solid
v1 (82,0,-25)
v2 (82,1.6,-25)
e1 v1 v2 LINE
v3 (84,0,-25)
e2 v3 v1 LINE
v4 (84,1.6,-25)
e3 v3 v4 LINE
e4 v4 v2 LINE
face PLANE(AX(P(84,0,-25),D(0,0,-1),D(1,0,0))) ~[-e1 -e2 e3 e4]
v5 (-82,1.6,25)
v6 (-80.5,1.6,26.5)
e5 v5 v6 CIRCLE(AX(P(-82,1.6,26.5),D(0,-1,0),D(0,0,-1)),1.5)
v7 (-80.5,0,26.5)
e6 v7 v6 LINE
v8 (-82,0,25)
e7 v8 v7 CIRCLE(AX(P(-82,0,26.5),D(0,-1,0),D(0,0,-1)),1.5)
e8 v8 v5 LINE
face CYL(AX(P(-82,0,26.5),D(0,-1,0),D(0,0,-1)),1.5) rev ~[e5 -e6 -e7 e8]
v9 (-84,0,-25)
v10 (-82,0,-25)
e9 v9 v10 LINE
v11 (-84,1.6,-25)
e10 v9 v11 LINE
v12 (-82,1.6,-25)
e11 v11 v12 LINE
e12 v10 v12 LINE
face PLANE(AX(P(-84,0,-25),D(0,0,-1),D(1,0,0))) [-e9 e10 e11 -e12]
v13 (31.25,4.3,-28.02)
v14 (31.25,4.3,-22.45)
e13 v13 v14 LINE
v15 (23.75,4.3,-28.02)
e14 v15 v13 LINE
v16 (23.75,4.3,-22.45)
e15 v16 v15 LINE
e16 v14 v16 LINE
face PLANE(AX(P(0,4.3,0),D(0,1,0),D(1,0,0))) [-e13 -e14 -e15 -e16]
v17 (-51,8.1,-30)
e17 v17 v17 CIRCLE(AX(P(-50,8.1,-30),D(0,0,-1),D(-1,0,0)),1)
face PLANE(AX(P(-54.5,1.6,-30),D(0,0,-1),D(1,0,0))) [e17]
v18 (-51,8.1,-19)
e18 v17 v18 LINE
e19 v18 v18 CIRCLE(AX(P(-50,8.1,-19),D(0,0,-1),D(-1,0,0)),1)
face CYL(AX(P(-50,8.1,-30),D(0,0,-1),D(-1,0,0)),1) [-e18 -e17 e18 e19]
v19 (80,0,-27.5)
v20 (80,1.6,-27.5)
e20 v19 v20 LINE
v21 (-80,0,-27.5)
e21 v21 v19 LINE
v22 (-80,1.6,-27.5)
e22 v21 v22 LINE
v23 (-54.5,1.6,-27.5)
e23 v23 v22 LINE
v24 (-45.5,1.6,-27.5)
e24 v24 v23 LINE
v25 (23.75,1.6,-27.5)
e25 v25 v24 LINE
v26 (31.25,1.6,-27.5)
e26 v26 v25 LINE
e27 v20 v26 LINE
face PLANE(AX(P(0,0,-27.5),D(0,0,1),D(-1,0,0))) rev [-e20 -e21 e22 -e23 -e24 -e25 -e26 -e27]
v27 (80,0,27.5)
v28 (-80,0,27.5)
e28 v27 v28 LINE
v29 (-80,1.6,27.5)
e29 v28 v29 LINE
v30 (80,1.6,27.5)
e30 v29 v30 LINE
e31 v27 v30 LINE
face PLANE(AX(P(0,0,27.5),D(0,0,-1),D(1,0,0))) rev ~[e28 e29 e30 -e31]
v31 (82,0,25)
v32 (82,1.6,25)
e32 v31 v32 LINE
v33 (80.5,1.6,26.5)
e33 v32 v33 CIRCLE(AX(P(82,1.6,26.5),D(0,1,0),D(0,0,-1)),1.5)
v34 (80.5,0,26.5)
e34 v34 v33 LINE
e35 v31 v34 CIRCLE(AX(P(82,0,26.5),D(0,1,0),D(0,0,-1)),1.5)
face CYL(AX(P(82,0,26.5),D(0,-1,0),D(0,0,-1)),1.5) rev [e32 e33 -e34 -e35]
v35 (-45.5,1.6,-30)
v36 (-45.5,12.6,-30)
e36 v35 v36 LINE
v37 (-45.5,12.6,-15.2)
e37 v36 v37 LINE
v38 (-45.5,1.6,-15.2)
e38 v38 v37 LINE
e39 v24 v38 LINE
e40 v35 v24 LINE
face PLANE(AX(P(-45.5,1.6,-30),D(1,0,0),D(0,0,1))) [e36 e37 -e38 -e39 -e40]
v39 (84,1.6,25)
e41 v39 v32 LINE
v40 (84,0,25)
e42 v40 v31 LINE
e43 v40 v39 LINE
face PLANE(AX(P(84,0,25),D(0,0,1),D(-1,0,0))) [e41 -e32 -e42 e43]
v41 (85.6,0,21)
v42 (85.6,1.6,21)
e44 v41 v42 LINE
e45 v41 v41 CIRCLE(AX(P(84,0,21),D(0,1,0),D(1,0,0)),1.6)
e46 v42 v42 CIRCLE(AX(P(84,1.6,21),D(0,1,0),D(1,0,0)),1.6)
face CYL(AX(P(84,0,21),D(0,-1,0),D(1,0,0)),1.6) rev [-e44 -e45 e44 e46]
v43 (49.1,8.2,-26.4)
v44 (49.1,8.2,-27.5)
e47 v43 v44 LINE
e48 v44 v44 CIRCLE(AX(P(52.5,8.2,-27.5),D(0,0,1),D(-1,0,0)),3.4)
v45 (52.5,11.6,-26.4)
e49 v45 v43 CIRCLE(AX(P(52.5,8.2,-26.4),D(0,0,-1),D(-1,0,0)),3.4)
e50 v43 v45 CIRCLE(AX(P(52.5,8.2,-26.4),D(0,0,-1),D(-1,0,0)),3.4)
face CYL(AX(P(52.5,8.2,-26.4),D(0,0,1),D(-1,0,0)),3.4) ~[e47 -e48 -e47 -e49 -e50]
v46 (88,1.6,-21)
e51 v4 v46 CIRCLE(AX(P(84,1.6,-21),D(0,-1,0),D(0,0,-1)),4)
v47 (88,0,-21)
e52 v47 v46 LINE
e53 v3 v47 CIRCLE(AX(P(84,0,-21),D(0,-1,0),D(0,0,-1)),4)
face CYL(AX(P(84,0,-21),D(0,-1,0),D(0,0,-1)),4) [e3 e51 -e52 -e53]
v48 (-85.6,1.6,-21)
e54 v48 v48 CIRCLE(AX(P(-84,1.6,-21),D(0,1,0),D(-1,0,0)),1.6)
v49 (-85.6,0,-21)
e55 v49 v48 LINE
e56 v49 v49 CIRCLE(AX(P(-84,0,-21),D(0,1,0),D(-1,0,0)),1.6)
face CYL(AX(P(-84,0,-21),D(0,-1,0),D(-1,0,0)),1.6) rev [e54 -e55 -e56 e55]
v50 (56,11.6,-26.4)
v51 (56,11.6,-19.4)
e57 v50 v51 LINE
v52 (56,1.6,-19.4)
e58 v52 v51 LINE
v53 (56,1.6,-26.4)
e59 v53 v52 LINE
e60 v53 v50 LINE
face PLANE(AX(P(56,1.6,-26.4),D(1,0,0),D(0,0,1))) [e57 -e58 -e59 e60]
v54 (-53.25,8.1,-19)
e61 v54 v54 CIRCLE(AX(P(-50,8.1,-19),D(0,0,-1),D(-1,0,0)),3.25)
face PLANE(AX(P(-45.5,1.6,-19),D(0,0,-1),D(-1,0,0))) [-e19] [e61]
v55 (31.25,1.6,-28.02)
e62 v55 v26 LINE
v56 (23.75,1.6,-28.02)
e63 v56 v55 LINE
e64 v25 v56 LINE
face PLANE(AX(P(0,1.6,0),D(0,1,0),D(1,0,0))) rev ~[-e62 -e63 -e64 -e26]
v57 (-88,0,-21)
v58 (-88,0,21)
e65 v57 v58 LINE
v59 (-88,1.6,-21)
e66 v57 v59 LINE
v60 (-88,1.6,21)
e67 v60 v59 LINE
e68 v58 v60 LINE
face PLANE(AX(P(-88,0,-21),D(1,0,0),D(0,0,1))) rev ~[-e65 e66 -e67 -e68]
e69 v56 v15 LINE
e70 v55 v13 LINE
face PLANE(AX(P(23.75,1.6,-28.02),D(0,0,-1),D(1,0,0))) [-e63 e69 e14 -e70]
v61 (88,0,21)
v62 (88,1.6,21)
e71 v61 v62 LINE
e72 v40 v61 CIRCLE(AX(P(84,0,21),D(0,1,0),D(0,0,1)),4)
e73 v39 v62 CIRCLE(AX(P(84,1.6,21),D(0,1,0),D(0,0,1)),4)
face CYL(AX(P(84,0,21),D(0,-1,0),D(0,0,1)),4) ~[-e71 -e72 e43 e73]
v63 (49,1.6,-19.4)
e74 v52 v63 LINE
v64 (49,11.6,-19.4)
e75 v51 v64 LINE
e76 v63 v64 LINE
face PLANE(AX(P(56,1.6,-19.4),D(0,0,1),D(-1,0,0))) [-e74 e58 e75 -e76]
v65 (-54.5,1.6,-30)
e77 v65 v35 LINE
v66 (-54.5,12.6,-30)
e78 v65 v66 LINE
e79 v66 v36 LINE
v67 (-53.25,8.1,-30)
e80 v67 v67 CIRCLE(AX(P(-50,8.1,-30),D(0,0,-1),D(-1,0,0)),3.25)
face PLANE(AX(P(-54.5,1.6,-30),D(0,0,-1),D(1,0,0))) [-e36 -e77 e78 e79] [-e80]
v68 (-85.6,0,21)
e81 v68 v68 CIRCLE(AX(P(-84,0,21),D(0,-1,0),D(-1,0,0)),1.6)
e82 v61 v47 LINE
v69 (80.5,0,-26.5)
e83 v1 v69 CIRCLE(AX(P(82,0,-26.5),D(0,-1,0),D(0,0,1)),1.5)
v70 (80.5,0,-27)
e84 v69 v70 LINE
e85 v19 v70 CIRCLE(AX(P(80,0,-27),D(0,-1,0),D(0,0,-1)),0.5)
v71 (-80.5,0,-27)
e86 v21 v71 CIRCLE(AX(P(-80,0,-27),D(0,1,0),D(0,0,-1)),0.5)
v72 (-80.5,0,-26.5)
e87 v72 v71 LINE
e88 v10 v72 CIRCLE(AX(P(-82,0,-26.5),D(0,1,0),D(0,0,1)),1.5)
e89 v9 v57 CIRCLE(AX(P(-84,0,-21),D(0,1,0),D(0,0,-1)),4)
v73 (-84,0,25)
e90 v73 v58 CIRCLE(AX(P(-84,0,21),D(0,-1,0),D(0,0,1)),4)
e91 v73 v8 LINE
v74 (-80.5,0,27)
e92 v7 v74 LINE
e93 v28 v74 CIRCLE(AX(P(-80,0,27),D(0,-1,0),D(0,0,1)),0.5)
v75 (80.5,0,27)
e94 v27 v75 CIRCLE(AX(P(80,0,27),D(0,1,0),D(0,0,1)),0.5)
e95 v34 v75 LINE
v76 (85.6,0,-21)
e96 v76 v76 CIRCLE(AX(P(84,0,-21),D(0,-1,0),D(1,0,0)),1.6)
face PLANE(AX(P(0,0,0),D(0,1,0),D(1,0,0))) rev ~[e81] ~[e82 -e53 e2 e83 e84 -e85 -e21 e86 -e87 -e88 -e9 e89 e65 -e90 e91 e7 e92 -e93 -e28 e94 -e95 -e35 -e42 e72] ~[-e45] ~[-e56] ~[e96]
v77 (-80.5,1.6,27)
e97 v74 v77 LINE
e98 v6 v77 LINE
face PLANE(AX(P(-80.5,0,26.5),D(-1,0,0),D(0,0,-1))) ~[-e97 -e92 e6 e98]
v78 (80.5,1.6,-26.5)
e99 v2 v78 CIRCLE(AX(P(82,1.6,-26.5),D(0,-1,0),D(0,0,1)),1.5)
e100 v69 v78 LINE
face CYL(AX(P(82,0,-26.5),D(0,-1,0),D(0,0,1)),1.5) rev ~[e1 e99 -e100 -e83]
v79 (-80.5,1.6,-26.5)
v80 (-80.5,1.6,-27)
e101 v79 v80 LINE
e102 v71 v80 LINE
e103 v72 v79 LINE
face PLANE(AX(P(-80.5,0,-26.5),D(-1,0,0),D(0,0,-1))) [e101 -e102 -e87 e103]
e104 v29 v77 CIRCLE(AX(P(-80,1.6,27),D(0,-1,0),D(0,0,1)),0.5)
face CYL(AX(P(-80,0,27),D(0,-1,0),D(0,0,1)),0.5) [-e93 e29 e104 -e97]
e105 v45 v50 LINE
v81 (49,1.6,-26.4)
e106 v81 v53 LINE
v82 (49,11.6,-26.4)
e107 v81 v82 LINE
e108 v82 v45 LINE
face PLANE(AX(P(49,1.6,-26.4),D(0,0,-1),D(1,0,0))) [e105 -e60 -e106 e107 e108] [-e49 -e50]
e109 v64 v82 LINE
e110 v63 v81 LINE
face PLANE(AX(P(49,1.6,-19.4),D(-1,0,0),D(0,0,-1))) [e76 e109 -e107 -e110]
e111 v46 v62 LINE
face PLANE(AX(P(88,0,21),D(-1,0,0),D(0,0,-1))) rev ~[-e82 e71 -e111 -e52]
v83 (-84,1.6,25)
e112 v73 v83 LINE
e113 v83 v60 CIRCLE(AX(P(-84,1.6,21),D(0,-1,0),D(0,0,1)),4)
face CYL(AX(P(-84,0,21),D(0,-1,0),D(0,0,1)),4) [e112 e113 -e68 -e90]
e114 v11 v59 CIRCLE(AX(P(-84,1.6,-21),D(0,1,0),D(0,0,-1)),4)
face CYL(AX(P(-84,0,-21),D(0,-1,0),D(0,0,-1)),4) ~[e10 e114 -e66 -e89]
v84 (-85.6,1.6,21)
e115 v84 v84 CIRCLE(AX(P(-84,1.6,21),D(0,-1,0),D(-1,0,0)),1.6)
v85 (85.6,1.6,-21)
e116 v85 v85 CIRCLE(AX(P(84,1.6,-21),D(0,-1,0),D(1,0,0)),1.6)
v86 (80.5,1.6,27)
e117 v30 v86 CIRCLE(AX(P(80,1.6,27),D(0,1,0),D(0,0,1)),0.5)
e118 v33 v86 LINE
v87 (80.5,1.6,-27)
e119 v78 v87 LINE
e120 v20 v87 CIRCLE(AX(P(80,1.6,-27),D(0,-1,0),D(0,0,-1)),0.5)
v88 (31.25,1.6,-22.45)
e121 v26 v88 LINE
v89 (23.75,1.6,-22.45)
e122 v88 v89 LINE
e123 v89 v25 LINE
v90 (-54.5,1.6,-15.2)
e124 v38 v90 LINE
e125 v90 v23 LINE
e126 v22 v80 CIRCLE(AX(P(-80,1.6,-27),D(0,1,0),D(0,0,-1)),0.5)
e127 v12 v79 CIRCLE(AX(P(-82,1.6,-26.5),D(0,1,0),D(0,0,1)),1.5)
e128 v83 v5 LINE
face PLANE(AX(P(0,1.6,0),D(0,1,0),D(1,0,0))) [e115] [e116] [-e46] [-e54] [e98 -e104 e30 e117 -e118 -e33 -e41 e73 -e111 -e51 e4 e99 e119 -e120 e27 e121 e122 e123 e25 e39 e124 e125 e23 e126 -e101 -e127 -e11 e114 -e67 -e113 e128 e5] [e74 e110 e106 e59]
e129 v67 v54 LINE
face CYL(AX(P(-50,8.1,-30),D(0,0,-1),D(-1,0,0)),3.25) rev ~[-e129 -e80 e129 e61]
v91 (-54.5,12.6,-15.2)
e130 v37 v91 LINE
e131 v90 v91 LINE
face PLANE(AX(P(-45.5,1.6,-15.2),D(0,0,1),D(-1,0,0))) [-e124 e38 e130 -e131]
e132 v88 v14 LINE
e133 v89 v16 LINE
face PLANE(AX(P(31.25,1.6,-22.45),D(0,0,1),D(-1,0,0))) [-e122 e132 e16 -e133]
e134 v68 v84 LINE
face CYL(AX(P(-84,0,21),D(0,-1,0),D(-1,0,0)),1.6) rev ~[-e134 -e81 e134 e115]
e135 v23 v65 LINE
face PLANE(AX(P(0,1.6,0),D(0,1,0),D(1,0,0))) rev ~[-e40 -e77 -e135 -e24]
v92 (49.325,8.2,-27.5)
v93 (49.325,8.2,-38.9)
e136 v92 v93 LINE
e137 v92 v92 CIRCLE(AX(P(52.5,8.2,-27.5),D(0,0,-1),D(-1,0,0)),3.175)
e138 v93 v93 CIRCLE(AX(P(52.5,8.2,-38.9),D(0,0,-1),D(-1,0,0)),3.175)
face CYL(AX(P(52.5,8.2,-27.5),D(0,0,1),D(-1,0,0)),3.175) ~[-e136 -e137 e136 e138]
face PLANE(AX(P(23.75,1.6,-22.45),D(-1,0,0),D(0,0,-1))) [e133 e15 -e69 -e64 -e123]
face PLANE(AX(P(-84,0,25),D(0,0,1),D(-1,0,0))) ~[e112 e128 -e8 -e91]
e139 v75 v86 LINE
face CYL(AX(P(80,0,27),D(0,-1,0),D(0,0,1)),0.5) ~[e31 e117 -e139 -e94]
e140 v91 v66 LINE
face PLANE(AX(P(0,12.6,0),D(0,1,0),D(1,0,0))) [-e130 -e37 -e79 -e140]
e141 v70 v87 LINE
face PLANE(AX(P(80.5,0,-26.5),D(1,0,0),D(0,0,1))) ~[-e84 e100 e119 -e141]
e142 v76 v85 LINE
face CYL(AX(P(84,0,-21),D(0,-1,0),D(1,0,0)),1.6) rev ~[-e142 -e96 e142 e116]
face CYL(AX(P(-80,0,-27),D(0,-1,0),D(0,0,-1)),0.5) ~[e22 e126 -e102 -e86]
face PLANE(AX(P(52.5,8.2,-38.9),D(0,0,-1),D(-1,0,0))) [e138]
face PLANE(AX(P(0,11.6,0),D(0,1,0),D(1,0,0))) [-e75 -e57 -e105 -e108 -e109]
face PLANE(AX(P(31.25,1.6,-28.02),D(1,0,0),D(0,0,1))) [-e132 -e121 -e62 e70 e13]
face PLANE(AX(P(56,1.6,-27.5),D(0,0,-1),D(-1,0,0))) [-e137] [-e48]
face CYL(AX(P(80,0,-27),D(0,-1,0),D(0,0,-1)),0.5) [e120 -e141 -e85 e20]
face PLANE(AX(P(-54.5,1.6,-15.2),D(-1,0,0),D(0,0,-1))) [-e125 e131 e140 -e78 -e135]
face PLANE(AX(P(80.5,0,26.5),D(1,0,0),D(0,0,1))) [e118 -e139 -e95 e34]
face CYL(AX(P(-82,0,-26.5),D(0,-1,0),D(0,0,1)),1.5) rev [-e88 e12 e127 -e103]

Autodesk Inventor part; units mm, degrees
ref_plane "YZ Plane" through (0, 0, 0) normal (1, 0, 0) x (0, 1, 0)
ref_plane "XZ Plane" through (0, 0, 0) normal (0, 1, 0) x (-1, 0, 0)
ref_plane "XY Plane" through (0, 0, 0) normal (0, 0, 1) x (1, 0, 0)
sketch "Sketch2" plane through (0, 0, 0) normal (0, 1, 0) x (-1, 0, 0)
  line L0 (101.6465, 0) -> (-102.4493, 0)
  line L1 (0, -49.7697) -> (0, 40.9396)
  line L2 (0, -27.5) -> (80, -27.5)
  line L3 (88, -27.5) -> (88, -25) construction
  line L4 (84, -25) -> (82, -25)
  line L5 (80.5, -26.5) -> (80.5, -27)
  line L6 (88, -21) -> (88, 0)
  line L7 (80.5, -27.5) -> (88, -27.5) construction
  arc A0 (84, -25) -> (88, -21) centre (84, -21) ccw
  arc A1 (82, -25) -> (80.5, -26.5) centre (82, -26.5) ccw
  arc A2 (80, -27.5) -> (80.5, -27) centre (80, -27) ccw
  circle A3 centre (84, -21) radius 1.6
  point P0 (0, 0)
  dimension "d7" = 176
  dimension "d8" = 55
  dimension "d9" = 2.5
  dimension "d10" = 7.5
  dimension "d11" = 4
  dimension "d12" = 1.5
  dimension "d13" = 0.5
  dimension "d16" = 3.2
extrude "Extrusion1" add sketch "Sketch2" along normal blind 1.6
mirror "Mirror1" about plane through (0, 0, 0) normal (0, 0, 1) of "Extrusion1"
mirror "Mirror2" about plane through (0, 0, 0) normal (1, 0, 0) of "Extrusion1", "Mirror1"
sketch "Sketch3" plane through (0, 1.6, 0) normal (0, 1, 0) x (1, 0, 0)
  line L0 (-54.5, 30) -> (-45.5, 30)
  line L1 (-45.5, 30) -> (-45.5, 15.2)
  line L2 (-45.5, 15.2) -> (-54.5, 15.2)
  line L3 (-54.5, 15.2) -> (-54.5, 30)
  point P0 (0, 0)
  point P1 (-50, 25)
  point P2 (-50, 30)
  dimension "d17" = 50
  dimension "d18" = 25
  dimension "d19" = 9
  dimension "d20" = 14.8
  dimension "d21" = 5
extrude "Extrusion2" add sketch "Sketch3" along normal blind 11
sketch "Sketch4" plane through (-45.5, 1.6, -30) normal (0, 0, -1) x (-1, 0, 0)
  circle A0 centre (4.5, 6.5) radius 3.25
  line L0 (0, 11) -> (9, 11) projected
  line L1 (9, 0) -> (0, 0) projected
  circle A1 centre (4.5, 6.5) radius 1
  point P0 (-45.5, -1.6)
  point P1 (4.5, 11)
  point P2 (4.5, 11)
  dimension "d24" = 6.5
  dimension "d25" = 6.5
  dimension "d26" = 2
extrude "Extrusion3" cut sketch "Sketch4" against normal blind 11
sketch "Sketch5" plane through (0, 1.6, 0) normal (0, 1, 0) x (1, 0, 0)
  line L0 (56, 19.4) -> (49, 19.4)
  line L1 (49, 19.4) -> (49, 26.4)
  line L2 (49, 26.4) -> (56, 26.4)
  line L3 (56, 26.4) -> (56, 19.4)
  line L4 (56, 19.4) -> (49, 26.4) construction
  line L5 (49, 19.4) -> (56, 26.4) construction
  point P0 (0, 0)
  point P1 (52.5, 22.9)
  dimension "d29" = 52.5
  dimension "d30" = 22.9
  dimension "d31" = 7
extrude "Extrusion4" add sketch "Sketch5" along normal blind 10
sketch "Sketch6" plane through (56, 1.6, -26.4) normal (0, 0, -1) x (-1, 0, 0)
  line L0 (0, 10) -> (7, 10) projected
  circle A0 centre (3.5, 6.6) radius 3.4
  line L1 (101.5, 0) -> (-24, 0) projected
  point P0 (56, -1.6)
  point P1 (3.5, 10)
  dimension "d34" = 6.6
  dimension "d35" = 6.8
extrude "Extrusion5" add sketch "Sketch6" along normal blind 1.1
sketch "Sketch7" plane through (52.5, 8.2, -27.5) normal (0, 0, -1) x (-1, 0, 0)
  circle A0 centre (0, 0) radius 3.4 projected
  circle A1 centre (0, 0) radius 3.175
  point P0 (52.5, -8.2)
  dimension "d38" = 6.35
extrude "Extrusion6" add sketch "Sketch7" along normal blind 11.4 contours A1
sketch "Sketch8" plane through (0, 1.6, 0) normal (0, 1, 0) x (1, 0, 0)
  line L0 (23.75, 28.02) -> (31.25, 28.02)
  line L1 (31.25, 28.02) -> (31.25, 22.45)
  line L2 (31.25, 22.45) -> (23.75, 22.45)
  line L3 (23.75, 22.45) -> (23.75, 28.02)
  point P0 (0, 0)
  point P1 (27.5, 27.5)
  point P2 (27.5, 28.02)
  dimension "d41" = 27.5
  dimension "d42" = 27.5
  dimension "d43" = 5.05
  dimension "d44" = 0.52
  dimension "d45" = 7.5
extrude "Extrusion7" add sketch "Sketch8" along normal blind 2.7
equation "\"BendRadius\" = Thickness"
equation "\"BendReliefWidth\" = Thickness"
equation "\"BendReliefDepth\" = 0.5 * Thickness"
equation "\"CornerReliefSize\" = 4 * Thickness"
equation "\"MinimumRemnant\" = 2 * Thickness"
equation "\"TransitionRadius\" = BendRadius"
equation "\"JacobiRadiusSize\" = BendRadius"
equation "\"GapSize\" = Thickness"
equation "\"Thickness\" = 0.5"
properties part number "MainPCB"
